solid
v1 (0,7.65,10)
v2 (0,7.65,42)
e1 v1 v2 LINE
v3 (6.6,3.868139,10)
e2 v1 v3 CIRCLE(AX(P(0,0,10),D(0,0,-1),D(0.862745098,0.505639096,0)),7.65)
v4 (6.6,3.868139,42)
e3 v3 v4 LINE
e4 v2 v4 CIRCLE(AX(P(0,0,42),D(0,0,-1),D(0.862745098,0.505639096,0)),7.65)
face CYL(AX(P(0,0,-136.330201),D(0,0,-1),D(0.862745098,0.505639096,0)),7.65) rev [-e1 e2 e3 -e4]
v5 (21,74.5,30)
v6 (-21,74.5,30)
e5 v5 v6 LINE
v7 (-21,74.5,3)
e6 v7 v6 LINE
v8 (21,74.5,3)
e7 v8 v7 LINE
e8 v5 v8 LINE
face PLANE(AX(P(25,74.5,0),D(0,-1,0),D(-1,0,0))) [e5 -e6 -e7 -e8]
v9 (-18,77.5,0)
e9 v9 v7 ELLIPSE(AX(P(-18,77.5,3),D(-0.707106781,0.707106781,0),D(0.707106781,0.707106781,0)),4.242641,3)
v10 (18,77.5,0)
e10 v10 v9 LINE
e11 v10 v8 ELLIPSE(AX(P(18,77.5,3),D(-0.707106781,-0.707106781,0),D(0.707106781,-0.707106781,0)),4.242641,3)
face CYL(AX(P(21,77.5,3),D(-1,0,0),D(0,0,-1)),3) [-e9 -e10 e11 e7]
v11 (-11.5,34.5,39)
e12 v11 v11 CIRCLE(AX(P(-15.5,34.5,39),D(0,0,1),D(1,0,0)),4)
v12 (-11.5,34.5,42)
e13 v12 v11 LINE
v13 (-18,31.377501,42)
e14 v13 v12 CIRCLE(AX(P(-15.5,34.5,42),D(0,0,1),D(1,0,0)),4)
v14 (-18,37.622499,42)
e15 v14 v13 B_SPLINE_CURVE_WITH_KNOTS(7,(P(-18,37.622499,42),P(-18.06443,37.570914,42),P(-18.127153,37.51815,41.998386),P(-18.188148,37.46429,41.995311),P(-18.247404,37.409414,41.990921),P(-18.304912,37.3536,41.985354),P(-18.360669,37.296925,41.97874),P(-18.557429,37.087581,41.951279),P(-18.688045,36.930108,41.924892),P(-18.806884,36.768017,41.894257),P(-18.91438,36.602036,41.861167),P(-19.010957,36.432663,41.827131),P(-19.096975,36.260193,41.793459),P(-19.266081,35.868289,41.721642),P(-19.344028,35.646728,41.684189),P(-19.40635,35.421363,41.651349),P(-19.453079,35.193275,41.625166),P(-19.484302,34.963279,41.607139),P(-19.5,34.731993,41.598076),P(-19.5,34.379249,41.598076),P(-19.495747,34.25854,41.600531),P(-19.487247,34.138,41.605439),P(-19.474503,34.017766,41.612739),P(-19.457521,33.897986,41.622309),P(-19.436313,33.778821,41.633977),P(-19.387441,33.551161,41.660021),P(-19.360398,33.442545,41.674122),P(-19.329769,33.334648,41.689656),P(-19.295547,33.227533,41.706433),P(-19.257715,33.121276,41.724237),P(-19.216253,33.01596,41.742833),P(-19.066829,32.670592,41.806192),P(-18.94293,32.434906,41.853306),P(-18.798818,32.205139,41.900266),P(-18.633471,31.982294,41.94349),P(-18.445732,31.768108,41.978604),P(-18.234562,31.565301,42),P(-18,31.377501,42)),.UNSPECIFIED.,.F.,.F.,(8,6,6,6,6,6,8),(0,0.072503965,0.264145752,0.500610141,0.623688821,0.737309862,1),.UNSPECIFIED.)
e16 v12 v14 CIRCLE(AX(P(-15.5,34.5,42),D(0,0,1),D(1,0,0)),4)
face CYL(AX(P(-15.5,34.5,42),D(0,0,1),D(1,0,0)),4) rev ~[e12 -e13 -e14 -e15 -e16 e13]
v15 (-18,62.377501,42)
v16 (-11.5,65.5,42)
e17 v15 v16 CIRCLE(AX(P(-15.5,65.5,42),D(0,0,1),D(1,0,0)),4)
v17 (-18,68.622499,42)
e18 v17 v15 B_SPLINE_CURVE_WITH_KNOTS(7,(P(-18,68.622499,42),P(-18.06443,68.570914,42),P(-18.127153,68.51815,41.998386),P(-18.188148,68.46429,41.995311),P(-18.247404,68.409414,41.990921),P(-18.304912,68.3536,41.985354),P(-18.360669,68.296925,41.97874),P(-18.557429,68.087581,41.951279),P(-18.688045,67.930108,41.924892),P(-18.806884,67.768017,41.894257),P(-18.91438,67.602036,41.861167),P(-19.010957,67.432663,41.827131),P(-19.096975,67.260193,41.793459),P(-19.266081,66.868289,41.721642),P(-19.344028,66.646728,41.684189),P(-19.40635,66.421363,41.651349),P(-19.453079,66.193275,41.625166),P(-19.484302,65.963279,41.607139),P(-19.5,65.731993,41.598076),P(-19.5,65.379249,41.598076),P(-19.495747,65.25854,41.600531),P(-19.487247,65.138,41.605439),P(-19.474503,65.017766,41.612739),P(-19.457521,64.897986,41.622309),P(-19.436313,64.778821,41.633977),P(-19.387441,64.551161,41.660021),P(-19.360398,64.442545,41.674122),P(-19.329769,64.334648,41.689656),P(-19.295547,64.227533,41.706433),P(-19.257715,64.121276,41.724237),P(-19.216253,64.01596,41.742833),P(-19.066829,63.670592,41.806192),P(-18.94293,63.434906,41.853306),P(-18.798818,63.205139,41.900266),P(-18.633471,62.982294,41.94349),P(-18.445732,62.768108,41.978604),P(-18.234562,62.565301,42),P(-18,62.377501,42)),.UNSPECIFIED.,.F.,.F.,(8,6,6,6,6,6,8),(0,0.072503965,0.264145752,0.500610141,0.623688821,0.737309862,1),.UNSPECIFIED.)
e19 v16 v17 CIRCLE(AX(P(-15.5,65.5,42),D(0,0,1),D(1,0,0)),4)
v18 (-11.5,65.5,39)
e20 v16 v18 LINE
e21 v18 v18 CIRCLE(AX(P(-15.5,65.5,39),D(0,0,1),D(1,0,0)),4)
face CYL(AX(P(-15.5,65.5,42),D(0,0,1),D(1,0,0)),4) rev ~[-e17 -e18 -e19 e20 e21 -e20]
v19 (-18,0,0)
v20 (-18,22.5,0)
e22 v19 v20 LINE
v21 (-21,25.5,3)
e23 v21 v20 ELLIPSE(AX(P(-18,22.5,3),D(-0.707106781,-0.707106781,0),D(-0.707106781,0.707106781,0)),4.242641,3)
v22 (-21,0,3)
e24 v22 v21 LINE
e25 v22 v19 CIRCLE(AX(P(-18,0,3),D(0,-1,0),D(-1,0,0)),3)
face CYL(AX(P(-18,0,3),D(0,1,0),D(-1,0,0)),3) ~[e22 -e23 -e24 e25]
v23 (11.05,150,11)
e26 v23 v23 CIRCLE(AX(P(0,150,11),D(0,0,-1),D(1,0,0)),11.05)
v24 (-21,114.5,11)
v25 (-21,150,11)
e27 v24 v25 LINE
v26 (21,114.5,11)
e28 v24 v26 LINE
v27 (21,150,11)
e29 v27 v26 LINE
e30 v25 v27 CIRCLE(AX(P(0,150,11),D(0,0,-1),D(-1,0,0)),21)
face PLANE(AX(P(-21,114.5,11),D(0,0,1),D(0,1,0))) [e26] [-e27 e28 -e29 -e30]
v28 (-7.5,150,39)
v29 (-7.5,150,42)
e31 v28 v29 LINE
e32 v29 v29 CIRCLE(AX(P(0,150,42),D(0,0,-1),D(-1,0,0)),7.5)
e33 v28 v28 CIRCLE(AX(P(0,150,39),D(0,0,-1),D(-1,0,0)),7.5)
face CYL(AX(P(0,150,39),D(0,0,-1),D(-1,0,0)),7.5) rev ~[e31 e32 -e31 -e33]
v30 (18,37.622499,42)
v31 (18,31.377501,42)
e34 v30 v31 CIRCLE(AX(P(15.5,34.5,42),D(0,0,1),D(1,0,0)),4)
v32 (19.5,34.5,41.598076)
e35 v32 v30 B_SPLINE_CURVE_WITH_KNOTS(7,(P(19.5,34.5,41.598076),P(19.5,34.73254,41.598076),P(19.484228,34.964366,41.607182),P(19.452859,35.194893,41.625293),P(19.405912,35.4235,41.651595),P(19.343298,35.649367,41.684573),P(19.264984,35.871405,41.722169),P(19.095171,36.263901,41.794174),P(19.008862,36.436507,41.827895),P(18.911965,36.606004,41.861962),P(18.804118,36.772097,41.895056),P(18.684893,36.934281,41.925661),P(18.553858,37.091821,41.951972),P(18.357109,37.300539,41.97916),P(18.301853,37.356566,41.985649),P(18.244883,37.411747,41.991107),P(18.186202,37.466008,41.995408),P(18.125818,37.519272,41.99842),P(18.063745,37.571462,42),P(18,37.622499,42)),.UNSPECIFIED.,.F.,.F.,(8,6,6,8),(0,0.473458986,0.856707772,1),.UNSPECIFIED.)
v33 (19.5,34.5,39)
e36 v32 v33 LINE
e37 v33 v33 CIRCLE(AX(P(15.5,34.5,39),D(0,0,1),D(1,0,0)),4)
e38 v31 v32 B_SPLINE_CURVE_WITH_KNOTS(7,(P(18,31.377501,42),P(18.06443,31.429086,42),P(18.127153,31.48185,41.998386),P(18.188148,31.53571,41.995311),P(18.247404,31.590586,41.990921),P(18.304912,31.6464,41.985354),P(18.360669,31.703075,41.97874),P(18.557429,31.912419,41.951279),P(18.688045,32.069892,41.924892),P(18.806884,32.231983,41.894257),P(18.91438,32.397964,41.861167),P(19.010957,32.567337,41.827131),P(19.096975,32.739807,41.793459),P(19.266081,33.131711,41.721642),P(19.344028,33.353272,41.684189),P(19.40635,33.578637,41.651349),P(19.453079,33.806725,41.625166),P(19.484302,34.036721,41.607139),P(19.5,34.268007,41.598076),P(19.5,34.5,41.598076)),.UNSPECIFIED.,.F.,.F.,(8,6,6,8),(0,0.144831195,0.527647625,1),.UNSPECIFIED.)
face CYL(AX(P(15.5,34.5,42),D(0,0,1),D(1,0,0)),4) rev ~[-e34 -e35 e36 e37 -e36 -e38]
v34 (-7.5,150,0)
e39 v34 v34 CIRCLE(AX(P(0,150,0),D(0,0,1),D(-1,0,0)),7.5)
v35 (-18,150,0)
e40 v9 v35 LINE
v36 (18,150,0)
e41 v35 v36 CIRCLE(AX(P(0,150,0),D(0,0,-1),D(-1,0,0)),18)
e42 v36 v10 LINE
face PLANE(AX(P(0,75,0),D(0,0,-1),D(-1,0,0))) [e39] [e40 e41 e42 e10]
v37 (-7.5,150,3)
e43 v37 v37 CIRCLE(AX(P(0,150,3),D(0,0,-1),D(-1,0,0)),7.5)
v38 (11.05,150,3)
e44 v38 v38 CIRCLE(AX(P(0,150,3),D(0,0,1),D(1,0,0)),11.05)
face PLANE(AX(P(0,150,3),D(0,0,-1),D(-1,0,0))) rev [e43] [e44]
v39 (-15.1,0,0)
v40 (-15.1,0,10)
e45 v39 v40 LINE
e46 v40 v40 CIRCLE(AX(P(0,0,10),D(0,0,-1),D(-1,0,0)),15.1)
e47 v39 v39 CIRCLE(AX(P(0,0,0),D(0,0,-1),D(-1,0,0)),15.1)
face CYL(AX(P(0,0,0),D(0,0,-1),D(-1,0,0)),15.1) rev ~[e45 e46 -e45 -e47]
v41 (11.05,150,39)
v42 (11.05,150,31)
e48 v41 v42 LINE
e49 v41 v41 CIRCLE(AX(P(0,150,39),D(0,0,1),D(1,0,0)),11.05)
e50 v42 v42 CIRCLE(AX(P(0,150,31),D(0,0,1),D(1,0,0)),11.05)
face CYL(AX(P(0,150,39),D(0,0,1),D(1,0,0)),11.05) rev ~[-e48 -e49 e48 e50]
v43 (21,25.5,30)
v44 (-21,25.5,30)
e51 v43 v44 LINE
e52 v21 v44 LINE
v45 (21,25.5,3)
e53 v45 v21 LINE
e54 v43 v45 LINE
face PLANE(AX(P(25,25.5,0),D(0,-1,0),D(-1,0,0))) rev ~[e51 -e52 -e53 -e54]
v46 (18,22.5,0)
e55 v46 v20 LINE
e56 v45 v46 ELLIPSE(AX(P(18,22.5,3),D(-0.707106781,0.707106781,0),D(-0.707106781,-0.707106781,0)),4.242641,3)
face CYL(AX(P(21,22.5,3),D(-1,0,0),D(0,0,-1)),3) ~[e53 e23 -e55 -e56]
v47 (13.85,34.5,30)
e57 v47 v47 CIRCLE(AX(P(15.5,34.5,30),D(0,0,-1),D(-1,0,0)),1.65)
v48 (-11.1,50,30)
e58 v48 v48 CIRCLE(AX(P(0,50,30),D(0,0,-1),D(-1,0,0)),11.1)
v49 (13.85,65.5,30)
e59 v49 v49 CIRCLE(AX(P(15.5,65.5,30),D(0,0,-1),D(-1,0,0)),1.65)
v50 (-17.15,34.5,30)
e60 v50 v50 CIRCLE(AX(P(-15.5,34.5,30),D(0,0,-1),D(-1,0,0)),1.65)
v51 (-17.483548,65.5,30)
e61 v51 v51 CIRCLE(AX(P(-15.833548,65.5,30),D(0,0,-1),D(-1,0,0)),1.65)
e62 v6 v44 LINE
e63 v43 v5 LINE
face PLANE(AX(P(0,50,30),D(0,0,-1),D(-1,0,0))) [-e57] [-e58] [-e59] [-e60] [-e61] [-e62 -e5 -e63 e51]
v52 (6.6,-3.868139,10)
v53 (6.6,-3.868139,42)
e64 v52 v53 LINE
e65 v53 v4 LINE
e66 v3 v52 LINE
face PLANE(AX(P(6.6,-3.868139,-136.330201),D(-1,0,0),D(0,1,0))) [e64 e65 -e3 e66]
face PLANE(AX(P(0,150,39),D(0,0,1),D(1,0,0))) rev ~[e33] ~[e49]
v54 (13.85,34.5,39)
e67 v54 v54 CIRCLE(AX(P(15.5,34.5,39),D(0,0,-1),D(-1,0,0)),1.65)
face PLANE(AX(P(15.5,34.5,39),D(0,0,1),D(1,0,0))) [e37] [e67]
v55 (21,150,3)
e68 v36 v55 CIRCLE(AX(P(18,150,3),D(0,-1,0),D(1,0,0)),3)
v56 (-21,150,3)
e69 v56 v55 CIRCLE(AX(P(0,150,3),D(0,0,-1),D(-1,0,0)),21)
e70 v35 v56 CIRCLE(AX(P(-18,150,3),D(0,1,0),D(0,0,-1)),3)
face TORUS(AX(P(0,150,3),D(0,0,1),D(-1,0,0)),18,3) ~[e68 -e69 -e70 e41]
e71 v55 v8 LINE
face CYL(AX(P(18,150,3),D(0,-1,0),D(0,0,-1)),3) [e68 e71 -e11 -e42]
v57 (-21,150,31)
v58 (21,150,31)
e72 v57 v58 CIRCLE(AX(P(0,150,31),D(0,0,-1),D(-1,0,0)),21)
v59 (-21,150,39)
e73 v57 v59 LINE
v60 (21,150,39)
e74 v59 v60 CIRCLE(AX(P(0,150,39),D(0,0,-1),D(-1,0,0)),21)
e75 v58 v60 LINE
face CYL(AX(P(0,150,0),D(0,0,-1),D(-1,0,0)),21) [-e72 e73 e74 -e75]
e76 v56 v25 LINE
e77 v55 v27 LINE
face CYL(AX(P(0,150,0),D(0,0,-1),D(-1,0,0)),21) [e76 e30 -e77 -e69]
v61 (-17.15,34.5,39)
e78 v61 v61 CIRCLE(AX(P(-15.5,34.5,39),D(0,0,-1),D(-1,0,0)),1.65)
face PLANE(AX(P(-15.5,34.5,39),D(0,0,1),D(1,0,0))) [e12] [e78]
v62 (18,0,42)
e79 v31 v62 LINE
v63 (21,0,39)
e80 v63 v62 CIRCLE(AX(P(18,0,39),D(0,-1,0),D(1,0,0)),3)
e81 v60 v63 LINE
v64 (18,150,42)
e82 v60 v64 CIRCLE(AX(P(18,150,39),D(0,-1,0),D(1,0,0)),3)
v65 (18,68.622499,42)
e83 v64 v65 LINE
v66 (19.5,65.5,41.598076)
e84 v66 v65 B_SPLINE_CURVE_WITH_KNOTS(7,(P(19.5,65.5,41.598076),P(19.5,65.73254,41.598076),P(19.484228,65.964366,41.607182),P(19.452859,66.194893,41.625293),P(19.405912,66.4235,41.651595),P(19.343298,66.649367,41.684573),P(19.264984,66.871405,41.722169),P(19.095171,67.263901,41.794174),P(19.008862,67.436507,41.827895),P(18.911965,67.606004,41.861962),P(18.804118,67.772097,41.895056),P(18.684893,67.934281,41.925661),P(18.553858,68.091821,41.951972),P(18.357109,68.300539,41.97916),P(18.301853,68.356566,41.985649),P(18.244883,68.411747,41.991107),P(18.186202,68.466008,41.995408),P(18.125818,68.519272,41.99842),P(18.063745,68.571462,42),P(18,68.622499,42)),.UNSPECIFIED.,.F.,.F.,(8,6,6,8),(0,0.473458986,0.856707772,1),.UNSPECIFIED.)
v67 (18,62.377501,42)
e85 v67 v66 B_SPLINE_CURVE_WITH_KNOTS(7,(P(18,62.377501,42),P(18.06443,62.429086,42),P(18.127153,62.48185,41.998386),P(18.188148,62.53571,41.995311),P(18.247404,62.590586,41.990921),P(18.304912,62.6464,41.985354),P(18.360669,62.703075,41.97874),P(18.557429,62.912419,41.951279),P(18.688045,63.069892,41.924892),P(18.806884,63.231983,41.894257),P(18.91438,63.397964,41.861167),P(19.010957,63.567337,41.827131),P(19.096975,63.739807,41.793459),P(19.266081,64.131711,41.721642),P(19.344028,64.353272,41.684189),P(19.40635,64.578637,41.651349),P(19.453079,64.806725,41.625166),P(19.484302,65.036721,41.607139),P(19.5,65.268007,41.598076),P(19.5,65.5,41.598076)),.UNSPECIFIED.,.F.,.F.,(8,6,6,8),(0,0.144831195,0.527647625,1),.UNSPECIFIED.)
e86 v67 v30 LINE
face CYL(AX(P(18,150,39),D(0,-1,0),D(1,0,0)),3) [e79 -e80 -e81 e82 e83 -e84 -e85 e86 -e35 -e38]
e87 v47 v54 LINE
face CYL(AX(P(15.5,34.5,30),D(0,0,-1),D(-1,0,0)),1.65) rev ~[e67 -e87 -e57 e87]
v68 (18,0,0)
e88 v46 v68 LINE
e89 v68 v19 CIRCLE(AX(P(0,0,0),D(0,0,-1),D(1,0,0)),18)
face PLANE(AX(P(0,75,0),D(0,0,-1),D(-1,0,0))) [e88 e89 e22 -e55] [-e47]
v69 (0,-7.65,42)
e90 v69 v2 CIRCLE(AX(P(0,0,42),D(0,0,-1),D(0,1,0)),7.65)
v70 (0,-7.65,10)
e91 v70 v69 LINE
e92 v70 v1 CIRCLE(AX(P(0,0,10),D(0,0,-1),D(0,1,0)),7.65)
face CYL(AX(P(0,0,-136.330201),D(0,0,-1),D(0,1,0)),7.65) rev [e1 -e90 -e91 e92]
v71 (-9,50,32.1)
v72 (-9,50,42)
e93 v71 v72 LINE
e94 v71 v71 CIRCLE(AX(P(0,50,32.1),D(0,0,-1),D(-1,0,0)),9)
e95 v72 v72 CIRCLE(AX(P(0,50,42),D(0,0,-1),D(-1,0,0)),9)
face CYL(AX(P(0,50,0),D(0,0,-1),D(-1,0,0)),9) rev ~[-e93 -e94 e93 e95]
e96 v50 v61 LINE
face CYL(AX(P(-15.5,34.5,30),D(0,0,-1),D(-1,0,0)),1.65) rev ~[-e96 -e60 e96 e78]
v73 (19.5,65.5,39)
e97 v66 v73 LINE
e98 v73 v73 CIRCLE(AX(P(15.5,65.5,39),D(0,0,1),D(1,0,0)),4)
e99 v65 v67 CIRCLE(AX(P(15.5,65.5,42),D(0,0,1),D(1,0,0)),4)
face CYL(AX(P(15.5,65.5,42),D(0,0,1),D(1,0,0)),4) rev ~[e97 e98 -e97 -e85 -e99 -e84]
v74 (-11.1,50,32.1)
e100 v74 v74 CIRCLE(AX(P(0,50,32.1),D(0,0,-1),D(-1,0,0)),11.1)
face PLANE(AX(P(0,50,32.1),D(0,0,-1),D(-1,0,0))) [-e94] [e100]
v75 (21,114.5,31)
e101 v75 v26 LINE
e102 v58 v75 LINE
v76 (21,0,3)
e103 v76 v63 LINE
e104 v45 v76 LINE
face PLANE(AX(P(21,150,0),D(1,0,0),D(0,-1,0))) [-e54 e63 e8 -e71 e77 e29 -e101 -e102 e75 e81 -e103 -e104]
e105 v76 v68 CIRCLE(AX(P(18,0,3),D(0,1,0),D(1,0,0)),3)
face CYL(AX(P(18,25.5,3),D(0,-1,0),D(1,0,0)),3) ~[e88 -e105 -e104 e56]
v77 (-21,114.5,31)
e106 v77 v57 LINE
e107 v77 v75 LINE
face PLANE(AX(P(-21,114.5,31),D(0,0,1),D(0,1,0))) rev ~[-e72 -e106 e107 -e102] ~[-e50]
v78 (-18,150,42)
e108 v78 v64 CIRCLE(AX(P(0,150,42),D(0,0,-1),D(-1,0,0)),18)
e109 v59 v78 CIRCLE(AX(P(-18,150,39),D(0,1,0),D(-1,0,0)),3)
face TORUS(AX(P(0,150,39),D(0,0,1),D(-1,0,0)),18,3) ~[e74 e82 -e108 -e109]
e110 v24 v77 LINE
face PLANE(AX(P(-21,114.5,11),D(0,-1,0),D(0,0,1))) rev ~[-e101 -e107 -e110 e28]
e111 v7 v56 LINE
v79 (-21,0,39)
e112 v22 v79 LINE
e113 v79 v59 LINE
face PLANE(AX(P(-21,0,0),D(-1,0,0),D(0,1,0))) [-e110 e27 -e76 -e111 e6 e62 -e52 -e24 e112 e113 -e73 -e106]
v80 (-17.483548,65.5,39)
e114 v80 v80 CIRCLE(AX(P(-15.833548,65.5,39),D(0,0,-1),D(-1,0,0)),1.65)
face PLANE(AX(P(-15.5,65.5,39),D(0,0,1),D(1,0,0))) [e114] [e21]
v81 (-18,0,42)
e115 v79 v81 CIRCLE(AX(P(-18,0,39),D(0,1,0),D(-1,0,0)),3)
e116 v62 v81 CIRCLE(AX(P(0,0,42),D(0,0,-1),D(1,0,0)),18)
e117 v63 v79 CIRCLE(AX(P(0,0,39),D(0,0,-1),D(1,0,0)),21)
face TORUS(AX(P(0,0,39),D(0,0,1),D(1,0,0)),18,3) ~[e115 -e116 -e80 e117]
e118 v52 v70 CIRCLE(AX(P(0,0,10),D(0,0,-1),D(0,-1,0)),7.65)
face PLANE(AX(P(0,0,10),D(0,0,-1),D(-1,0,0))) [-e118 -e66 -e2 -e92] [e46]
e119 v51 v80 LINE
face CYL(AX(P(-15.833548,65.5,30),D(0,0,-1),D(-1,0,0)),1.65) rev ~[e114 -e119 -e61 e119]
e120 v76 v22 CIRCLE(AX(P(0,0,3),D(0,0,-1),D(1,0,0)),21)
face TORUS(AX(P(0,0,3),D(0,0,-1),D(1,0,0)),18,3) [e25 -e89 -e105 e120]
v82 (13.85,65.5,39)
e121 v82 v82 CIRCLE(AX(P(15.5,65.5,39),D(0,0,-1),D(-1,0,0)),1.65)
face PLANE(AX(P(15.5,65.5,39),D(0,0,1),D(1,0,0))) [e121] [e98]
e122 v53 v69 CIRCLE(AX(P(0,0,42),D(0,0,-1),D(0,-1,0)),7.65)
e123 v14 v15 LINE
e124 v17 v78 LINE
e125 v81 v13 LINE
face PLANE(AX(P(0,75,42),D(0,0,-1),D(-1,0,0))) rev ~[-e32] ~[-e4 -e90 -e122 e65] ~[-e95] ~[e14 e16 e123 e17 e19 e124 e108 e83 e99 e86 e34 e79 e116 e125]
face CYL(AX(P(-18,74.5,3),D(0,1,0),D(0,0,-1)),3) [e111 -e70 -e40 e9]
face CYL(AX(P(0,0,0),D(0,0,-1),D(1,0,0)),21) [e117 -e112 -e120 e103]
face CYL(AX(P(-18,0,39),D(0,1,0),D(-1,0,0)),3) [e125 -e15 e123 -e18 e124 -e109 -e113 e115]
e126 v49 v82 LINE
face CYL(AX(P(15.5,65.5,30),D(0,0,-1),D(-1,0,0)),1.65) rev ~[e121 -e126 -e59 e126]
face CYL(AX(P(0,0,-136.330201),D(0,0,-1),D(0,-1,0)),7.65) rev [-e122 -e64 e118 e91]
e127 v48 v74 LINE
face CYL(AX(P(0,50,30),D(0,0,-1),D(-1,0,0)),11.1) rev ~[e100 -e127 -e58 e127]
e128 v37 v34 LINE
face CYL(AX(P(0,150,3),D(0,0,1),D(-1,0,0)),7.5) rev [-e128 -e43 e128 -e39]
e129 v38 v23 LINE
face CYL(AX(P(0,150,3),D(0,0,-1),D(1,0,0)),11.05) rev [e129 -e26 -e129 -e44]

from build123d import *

# Parameters (mm, degrees)
EXTRUDE_1_DEPTH          = 42
SKETCH_2_R               = 9
CUT_EXTRUDE_1_DEPTH      = 178.330200474
SKETCH_3_W               = 50
SKETCH_3_H               = 49
CUT_EXTRUDE_2_DEPTH      = 30
SKETCH_4_W               = 20
SKETCH_4_H               = 71
CUT_EXTRUDE_3_DEPTH      = 182.022098099
CUT_EXTRUDE_START        = -3
SKETCH_5_R               = 11.05
CUT_EXTRUDE_4_DEPTH      = 10
FILLET_1_R               = 3
FILLET_2_R               = 3
SKETCH_6_R               = 7.5
CUT_EXTRUDE_5_DEPTH      = 10
SKETCH_8_R               = 1.65
CUT_EXTRUDE_6_DEPTH      = 175.877099799
SKETCH_9_R               = 4
CUT_EXTRUDE_7_DEPTH      = 3
CUT_EXTRUDE_8_DEPTH      = 178.330200582
CUT_EXTRUDE_8_DEPTH_BACK = 178.330200582
SKETCH_14_R              = 15.1
CUT_EXTRUDE_9_DEPTH      = 10
SKETCH_15_R              = 11.1
CUT_EXTRUDE_10_DEPTH     = 2.1


with BuildPart() as part:
    # 草图1 → 凸台-拉伸1 (new body)
    with BuildSketch(Plane.XY):
        with BuildLine():
            Line((-21, 0), (-21, 150))
            ThreePointArc((-21, 150), (0, 171), (21, 150))
            Line((21, 150), (21, 0))
            ThreePointArc((21, 0), (0, -21), (-21, 0))
        make_face()
    extrude(amount=EXTRUDE_1_DEPTH)

    # 草图2 → 切除-拉伸1 (cut, through all)
    with BuildSketch(Plane(origin=(0, 0, 0), x_dir=(-1, 0, 0), z_dir=(0, 0, -1))):
        with Locations((0, 50)):
            Circle(SKETCH_2_R)
    extrude(amount=-CUT_EXTRUDE_1_DEPTH, mode=Mode.SUBTRACT)

    # 草图3 → 切除-拉伸2 (cut)
    with BuildSketch(Plane(origin=(0, 0, 0), x_dir=(-1, 0, 0), z_dir=(0, 0, -1))):
        with Locations((0, 50)):
            Rectangle(SKETCH_3_W, SKETCH_3_H)
    extrude(amount=-CUT_EXTRUDE_2_DEPTH, mode=Mode.SUBTRACT)

    # 草图4 → 切除-拉伸3 (cut, through all)
    with BuildSketch(Plane.ZY.offset(21)):
        with Locations((21, 150)):
            Rectangle(SKETCH_4_W, SKETCH_4_H)
    extrude(amount=-CUT_EXTRUDE_3_DEPTH, mode=Mode.SUBTRACT)

    # 草图5 → 切除-拉伸4 (cut)
    with BuildSketch(Plane.XY.offset(42).offset(CUT_EXTRUDE_START)):
        with Locations((0, 150)):
            Circle(SKETCH_5_R)
    cut_extrude_4 = extrude(amount=-CUT_EXTRUDE_4_DEPTH, mode=Mode.SUBTRACT)

    # 圆角1
    fillet_1_edges = [part.edges().sort_by_distance(p)[0] for p in [
        (0, 171, 42),
        (-21, 75, 42),
        (0, -21, 42),
        (21, 75, 42),
    ]]
    fillet(fillet_1_edges, radius=FILLET_1_R)

    # 圆角2
    fillet_2_edges = [part.edges().sort_by_distance(p)[0] for p in [
        (-21, 12.75, 0),
        (21, 112.25, 0),
        (0, 25.5, 0),
        (0, 74.5, 0),
        (-21, 112.25, 0),
        (0, 171, 0),
        (21, 12.75, 0),
        (0, -21, 0),
    ]]
    fillet(fillet_2_edges, radius=FILLET_2_R)

    # 草图6 → 切除-拉伸5 (cut)
    with BuildSketch(Plane(origin=(0, 0, 39), x_dir=(-1, 0, 0), z_dir=(0, 0, -1))):
        with Locations((0, 150)):
            Circle(SKETCH_6_R)
    cut_extrude_5 = extrude(amount=-CUT_EXTRUDE_5_DEPTH, mode=Mode.SUBTRACT)

    # 镜向1: 切除-拉伸4, 切除-拉伸5 across plane
    add(cut_extrude_4.mirror(Plane.XY.offset(21)), mode=Mode.SUBTRACT)
    add(cut_extrude_5.mirror(Plane.XY.offset(21)), mode=Mode.SUBTRACT)

    # 草图8 → 切除-拉伸6 (cut, through all)
    with BuildSketch(Plane(origin=(0, 0, 30), x_dir=(-1, 0, 0), z_dir=(0, 0, -1))):
        with Locations((-15.5, 34.5)):
            Circle(SKETCH_8_R)
        with Locations((-15.5, 65.5)):
            Circle(SKETCH_8_R)
        with Locations((15.833547664, 65.5)):
            Circle(SKETCH_8_R)
        with Locations((15.5, 34.5)):
            Circle(SKETCH_8_R)
    extrude(amount=-CUT_EXTRUDE_6_DEPTH, mode=Mode.SUBTRACT)

    # 草图9 → 切除-拉伸7 (cut)
    with BuildSketch(Plane.XY.offset(42)):
        with Locations((15.5, 65.5)):
            Circle(SKETCH_9_R)
        with Locations((15.5, 34.5)):
            Circle(SKETCH_9_R)
        with Locations((-15.5, 65.5)):
            Circle(SKETCH_9_R)
        with Locations((-15.5, 34.5)):
            Circle(SKETCH_9_R)
    extrude(amount=-CUT_EXTRUDE_7_DEPTH, mode=Mode.SUBTRACT)

    # 草图13 → 切除-拉伸8 (cut, two sides: drawn at the far end of the back side and taken through both)
    with BuildSketch(Plane.XY.offset(42).offset(-CUT_EXTRUDE_8_DEPTH_BACK)):
        with BuildLine():
            ThreePointArc((6.6, 3.868139087), (3.803369295, 6.637535839), (0, 7.65))
            Line((0, 7.65), (0, -7.65))
            ThreePointArc((0, -7.65), (3.803369295, -6.637535839), (6.6, -3.868139087))
            Line((6.6, -3.868139087), (6.6, 3.868139087))
        make_face()
        with BuildLine():
            Line((0, -7.65), (0, 7.65))
            ThreePointArc((0, 7.65), (-7.65, 0), (0, -7.65))
        make_face()
    extrude(amount=CUT_EXTRUDE_8_DEPTH + CUT_EXTRUDE_8_DEPTH_BACK, mode=Mode.SUBTRACT)

    # 草图14 → 切除-拉伸9 (cut)
    with BuildSketch(Plane(origin=(0, 0, 0), x_dir=(-1, 0, 0), z_dir=(0, 0, -1))):
        Circle(SKETCH_14_R)
    extrude(amount=-CUT_EXTRUDE_9_DEPTH, mode=Mode.SUBTRACT)

    # 草图15 → 切除-拉伸10 (cut)
    with BuildSketch(Plane(origin=(0, 0, 30), x_dir=(-1, 0, 0), z_dir=(0, 0, -1))):
        with Locations((0, 50)):
            Circle(SKETCH_15_R)
    extrude(amount=-CUT_EXTRUDE_10_DEPTH, mode=Mode.SUBTRACT)


solid = part.part
